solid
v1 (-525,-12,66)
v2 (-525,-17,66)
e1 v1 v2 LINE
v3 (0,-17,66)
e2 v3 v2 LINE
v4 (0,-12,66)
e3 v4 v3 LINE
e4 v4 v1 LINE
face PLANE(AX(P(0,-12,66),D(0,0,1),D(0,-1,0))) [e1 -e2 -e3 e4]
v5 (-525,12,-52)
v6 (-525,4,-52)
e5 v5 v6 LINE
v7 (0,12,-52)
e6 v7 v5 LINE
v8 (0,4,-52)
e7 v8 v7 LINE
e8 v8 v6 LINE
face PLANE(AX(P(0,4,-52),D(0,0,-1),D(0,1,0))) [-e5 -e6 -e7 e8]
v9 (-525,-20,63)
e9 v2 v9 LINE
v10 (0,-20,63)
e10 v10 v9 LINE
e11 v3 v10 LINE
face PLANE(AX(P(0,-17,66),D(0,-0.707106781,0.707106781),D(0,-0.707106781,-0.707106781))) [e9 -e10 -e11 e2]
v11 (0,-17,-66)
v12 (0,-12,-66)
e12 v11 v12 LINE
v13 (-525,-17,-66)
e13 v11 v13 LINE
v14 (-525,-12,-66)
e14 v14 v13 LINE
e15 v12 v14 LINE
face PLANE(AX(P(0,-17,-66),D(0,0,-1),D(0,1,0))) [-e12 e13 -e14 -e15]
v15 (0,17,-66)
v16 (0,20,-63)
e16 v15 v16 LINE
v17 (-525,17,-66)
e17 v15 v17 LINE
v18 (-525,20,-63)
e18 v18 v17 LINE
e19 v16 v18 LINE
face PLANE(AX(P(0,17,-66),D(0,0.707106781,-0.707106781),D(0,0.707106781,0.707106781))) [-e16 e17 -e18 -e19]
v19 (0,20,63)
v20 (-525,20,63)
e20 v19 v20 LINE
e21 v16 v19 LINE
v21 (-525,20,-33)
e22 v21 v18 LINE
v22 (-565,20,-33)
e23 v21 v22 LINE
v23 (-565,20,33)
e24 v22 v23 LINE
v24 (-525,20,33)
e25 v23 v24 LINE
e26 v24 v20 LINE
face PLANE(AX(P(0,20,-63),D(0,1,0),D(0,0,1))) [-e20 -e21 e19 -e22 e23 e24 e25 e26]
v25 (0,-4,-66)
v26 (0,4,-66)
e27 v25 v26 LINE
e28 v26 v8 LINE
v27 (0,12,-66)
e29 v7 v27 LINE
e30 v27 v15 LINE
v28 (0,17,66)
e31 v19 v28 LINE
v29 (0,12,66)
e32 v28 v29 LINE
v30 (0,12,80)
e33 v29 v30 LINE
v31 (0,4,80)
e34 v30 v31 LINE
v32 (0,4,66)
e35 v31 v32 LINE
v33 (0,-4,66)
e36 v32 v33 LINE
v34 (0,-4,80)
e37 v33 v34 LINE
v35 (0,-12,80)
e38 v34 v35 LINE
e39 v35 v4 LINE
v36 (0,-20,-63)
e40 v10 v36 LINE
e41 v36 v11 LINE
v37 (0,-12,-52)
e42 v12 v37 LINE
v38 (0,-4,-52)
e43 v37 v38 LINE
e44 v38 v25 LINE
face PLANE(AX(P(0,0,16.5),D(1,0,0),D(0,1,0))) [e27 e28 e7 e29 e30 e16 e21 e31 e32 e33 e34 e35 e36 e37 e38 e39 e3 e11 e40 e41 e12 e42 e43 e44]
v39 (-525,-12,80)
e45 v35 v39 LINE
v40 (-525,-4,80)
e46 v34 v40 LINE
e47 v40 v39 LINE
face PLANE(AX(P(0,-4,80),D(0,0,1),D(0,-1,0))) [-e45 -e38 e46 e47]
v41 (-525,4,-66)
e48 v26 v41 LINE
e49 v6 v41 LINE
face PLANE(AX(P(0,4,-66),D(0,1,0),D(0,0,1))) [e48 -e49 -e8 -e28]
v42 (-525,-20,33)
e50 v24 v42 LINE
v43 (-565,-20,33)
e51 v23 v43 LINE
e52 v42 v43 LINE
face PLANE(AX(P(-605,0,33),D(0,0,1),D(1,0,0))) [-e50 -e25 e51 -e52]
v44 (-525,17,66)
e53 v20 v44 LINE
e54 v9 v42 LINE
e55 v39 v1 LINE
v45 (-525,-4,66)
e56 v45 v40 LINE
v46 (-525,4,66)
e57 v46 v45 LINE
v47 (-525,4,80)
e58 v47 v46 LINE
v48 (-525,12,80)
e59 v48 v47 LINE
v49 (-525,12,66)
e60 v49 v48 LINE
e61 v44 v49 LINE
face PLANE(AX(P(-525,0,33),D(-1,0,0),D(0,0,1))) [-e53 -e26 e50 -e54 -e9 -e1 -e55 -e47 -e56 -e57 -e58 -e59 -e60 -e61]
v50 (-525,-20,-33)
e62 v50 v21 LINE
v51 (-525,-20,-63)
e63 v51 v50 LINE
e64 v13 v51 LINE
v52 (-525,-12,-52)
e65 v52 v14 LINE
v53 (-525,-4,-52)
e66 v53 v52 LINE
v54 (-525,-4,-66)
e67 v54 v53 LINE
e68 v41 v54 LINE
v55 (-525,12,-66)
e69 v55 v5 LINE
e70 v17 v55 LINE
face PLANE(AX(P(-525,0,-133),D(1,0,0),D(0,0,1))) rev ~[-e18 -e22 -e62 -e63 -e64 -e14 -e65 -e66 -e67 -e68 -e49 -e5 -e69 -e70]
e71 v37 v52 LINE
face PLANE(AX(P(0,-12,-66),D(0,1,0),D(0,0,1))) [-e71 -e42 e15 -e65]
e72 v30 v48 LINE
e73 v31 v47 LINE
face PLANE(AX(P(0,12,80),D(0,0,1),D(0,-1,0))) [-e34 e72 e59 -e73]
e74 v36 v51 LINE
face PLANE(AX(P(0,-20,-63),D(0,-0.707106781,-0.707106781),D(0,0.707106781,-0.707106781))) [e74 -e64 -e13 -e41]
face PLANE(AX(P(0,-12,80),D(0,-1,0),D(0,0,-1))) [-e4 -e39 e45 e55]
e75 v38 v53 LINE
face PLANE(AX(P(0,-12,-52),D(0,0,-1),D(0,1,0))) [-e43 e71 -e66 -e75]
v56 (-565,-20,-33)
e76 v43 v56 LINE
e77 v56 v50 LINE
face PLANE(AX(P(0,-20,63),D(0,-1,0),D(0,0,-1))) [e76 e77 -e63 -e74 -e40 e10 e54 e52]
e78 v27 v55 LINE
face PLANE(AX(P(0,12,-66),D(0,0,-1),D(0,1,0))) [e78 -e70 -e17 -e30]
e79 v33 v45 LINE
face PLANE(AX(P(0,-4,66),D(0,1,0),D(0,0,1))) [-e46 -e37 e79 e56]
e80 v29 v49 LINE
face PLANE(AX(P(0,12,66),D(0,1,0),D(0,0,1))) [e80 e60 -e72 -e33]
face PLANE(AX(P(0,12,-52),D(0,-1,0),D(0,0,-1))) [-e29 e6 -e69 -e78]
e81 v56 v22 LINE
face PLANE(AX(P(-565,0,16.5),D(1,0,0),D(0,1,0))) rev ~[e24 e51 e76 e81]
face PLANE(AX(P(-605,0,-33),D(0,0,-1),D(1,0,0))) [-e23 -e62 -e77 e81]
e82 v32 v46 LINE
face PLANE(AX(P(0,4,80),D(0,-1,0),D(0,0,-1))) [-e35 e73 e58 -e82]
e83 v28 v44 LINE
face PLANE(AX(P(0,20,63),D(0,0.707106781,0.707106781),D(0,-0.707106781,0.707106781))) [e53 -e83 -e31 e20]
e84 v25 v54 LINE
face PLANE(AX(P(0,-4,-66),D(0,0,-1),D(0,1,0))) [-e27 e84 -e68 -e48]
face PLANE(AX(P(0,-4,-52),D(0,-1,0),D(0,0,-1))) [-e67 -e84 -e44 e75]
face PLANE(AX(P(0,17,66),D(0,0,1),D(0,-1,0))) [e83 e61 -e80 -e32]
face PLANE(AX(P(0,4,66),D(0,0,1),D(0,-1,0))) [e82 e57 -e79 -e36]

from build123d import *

# Parameters (mm, degrees)
F0_W     = 40
F0_H     = 33
F2_DEPTH = 565
F1_W     = 80
F1_H     = 100
F3_DEPTH = 25


with BuildPart() as f2:
    # F0 (on Right) → F2 (new body)
    with BuildSketch(Plane.YZ):
        with Locations((0, 16.5)):
            Rectangle(F0_W, F0_H)
        Polygon((20, 33), (20, 63), (17, 66), (12, 66), (12, 80), (4, 80), (4, 66), (-4, 66), (-4, 80), (-12, 80), (-12, 66), (-17, 66), (-20, 63), (-20, 33), align=None)
        with Locations((0, -16.5)):
            Rectangle(F0_W, F0_H)
        Polygon((20, -63), (20, -33), (-20, -33), (-20, -63), (-17, -66), (-12, -66), (-12, -52), (-4, -52), (-4, -66), (4, -66), (4, -52), (12, -52), (12, -66), (17, -66), align=None)
    extrude(amount=-F2_DEPTH)

    # F1 (on Front) → F3 (cut, symmetric)
    with BuildSketch(Plane.XZ):
        with Locations((-565, 83)):
            Rectangle(F1_W, F1_H)
        with Locations((-565, -83)):
            Rectangle(F1_W, F1_H)
    extrude(amount=F3_DEPTH, both=True, mode=Mode.SUBTRACT)


solid = f2.part
